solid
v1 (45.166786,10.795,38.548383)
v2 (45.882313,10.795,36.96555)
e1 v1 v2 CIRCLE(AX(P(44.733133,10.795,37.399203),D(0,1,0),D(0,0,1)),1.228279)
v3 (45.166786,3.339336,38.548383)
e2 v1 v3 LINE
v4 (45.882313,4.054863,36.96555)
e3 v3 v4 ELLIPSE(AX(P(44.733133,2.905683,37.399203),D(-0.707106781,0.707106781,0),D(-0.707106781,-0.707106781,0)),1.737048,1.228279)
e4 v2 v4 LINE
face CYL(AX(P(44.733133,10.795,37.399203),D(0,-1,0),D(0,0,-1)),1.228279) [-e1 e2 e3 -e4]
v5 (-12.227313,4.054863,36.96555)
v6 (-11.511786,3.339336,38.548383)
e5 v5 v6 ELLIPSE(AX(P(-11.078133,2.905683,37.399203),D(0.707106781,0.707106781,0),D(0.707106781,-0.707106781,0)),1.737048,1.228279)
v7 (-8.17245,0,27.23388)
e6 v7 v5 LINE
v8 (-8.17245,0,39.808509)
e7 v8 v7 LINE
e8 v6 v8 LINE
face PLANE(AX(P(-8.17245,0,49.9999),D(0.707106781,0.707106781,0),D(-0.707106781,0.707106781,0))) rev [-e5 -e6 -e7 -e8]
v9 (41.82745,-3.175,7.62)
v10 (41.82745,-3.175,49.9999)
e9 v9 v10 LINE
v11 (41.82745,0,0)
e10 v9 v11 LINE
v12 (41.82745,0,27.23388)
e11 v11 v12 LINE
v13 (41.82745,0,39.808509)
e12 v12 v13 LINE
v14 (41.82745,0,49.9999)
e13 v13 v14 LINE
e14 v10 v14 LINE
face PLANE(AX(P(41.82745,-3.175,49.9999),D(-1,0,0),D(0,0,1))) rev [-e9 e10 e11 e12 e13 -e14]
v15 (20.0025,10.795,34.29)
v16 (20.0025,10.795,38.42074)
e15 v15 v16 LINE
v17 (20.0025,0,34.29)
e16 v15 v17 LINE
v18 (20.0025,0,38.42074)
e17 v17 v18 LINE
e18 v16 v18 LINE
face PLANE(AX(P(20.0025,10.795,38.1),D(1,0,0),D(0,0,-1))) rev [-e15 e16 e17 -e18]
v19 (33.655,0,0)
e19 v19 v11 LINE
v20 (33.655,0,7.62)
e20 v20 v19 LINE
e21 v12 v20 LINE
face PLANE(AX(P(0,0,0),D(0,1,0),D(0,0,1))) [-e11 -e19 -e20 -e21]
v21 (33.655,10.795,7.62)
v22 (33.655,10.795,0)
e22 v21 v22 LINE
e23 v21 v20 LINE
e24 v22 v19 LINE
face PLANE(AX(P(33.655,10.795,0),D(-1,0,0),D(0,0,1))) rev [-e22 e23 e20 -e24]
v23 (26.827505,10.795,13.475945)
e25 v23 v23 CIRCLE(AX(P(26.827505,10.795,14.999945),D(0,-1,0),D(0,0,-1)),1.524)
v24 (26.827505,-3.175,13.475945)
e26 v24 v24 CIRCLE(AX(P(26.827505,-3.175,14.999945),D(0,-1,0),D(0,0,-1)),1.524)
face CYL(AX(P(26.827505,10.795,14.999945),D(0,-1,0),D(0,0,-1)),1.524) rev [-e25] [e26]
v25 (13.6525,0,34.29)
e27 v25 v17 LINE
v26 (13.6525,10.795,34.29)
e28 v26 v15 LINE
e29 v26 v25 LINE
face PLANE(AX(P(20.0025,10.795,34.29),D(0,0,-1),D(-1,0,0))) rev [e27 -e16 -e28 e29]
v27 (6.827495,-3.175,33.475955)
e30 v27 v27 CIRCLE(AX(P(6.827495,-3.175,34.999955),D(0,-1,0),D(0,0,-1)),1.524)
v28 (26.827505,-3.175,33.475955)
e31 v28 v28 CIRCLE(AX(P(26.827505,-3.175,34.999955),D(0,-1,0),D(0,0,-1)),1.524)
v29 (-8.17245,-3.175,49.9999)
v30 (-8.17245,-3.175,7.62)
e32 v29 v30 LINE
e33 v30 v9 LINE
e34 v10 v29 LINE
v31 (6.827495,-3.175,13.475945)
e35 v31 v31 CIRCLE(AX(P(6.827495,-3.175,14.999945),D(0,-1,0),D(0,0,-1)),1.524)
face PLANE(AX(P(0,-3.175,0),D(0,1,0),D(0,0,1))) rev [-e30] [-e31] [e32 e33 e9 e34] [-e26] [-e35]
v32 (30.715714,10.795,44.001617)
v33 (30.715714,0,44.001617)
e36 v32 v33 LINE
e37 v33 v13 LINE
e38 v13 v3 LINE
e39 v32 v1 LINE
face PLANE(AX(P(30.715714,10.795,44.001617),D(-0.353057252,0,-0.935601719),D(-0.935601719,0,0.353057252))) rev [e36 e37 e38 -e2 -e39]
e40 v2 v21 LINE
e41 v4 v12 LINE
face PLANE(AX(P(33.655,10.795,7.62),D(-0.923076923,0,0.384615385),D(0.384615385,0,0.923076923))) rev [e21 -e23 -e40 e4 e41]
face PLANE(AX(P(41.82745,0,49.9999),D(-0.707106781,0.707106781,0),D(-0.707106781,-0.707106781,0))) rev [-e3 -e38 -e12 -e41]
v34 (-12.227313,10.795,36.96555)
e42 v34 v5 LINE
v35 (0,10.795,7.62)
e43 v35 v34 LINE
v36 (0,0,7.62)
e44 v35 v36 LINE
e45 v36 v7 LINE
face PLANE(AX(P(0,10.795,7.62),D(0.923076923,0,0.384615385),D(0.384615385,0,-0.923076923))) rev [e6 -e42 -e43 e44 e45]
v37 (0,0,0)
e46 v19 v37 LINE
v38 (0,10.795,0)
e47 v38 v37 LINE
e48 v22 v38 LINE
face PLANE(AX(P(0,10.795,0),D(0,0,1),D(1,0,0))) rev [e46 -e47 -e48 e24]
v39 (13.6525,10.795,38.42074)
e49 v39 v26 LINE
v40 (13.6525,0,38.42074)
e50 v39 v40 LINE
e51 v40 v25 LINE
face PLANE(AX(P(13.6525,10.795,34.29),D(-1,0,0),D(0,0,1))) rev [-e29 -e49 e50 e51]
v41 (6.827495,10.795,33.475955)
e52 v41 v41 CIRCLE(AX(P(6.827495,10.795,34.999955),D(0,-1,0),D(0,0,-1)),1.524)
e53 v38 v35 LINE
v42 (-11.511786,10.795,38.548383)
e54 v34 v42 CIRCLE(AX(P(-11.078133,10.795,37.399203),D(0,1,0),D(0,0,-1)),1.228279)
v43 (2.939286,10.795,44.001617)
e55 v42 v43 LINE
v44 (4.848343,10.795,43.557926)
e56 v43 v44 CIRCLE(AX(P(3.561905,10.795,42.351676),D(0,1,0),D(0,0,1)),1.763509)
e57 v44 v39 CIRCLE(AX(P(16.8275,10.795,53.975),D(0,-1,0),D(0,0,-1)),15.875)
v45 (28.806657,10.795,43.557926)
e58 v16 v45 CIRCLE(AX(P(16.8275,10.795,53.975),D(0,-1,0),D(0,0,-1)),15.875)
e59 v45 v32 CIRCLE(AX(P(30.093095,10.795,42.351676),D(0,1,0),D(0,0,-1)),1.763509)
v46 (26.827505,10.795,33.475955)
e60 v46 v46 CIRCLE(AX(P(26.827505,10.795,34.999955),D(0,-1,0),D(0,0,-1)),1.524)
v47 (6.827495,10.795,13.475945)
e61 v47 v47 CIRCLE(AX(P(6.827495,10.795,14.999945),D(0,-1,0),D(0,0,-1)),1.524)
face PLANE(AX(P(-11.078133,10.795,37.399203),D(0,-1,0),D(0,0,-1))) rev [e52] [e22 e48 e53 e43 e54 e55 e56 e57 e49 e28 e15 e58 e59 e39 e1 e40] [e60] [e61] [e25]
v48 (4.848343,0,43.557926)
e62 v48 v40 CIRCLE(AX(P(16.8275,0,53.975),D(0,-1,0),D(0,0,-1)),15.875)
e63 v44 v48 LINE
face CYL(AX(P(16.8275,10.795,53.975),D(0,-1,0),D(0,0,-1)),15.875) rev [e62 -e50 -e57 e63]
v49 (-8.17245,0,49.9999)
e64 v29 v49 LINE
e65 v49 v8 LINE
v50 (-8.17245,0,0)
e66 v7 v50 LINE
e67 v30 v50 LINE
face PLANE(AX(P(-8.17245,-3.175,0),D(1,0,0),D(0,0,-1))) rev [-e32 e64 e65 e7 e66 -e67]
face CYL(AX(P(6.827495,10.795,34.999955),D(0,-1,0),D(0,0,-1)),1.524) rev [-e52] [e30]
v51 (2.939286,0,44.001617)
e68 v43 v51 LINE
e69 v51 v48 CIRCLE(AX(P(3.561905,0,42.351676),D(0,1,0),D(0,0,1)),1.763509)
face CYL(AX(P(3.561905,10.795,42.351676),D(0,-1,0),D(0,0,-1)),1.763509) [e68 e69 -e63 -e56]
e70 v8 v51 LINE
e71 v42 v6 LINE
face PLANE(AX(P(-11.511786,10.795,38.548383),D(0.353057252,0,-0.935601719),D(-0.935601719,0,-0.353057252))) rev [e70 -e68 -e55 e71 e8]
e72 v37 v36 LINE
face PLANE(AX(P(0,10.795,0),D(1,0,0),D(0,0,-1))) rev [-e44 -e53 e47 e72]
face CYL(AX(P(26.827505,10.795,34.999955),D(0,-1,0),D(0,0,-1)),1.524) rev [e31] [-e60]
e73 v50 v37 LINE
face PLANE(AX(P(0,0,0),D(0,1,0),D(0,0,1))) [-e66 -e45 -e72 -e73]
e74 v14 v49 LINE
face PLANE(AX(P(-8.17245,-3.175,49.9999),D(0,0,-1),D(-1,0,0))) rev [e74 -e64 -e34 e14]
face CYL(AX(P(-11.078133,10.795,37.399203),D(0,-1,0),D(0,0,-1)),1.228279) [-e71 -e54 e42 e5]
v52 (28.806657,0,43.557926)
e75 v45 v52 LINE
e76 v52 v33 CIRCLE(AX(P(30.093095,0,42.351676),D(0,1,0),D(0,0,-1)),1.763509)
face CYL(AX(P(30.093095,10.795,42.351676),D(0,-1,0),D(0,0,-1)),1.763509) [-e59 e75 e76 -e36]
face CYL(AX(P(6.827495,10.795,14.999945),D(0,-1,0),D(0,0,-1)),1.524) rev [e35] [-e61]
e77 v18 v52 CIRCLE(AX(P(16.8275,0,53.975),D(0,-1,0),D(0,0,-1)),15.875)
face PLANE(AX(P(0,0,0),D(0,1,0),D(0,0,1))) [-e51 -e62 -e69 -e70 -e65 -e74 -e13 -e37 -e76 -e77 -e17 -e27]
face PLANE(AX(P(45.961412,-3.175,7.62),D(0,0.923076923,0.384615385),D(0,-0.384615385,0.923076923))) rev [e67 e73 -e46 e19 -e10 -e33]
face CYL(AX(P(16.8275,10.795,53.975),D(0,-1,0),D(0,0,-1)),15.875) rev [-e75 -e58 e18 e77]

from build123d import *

# Parameters (mm, degrees)
BOSS_EXTRUDE1_DEPTH = 10.795
BOSS_EXTRUDE2_DEPTH = 3.175
CUT_EXTRUDE1_DEPTH  = 55.133861737
CUT_EXTRUDE3_DEPTH  = 50.9999
SKETCH5_R           = 1.524
CUT_EXTRUDE4_DEPTH  = 14.97


with BuildPart() as part:
    # Sketch1 → Boss-Extrude1 (new body)
    with BuildSketch(Plane(origin=(0, 0, 0), x_dir=(1, 0, 0), z_dir=(0, 1, 0))):
        with BuildLine():
            Line((0, 0), (33.655, 0))
            Line((33.655, 0), (33.655, -7.62))
            Line((33.655, -7.62), (45.882312708, -36.965550498))
            ThreePointArc((45.882312708, -36.965550498), (45.852364547, -37.905157075), (45.166785817, -38.548382711))
            Line((45.166785817, -38.548382711), (30.715714183, -44.001617289))
            ThreePointArc((30.715714183, -44.001617289), (29.6938714, -44.069401845), (28.806656699, -43.557926045))
            ThreePointArc((28.806656699, -43.557926045), (24.828111607, -40.263477877), (20.0025, -38.420740133))
            Line((20.0025, -38.420740133), (20.0025, -38.1))
            Line((20.0025, -38.1), (20.0025, -34.29))
            Line((20.0025, -34.29), (13.6525, -34.29))
            Line((13.6525, -34.29), (13.6525, -38.1))
            Line((13.6525, -38.1), (13.6525, -38.420740133))
            ThreePointArc((13.6525, -38.420740133), (8.826888393, -40.263477877), (4.848343301, -43.557926045))
            ThreePointArc((4.848343301, -43.557926045), (3.9611286, -44.069401845), (2.939285817, -44.001617289))
            Line((2.939285817, -44.001617289), (-11.511785817, -38.548382711))
            ThreePointArc((-11.511785817, -38.548382711), (-12.197364547, -37.905157075), (-12.227312708, -36.965550498))
            Line((-12.227312708, -36.965550498), (0, -7.62))
            Line((0, -7.62), (0, 0))
        make_face()
    extrude(amount=BOSS_EXTRUDE1_DEPTH)

    # Sketch2 → Boss-Extrude2 (add)
    with BuildSketch(Plane.XZ):
        Polygon((16.8275, 0), (-8.17245, 0), (-8.17245, 49.9999), (41.82745, 49.9999), (41.82745, 0), align=None)
    extrude(amount=BOSS_EXTRUDE2_DEPTH)

    # Sketch3 → Cut-Extrude1 (cut, through all)
    with BuildSketch(Plane.ZY.offset(8.17245)):
        Polygon((7.62, -3.175), (0, 0), (0, -3.175), align=None)
    extrude(amount=-CUT_EXTRUDE1_DEPTH, mode=Mode.SUBTRACT)

    # Sketch4 → Cut-Extrude3 (cut, through all)
    with BuildSketch(Plane(origin=(0, 0, 0), x_dir=(-1, 0, 0), z_dir=(0, 0, -1))):
        Polygon((-41.82745, 0), (-47.971594171, 0), (-47.971594171, 6.144144171), align=None)
        Polygon((8.17245, 0), (16.073165013, 0), (16.073165013, 7.900715013), align=None)
    extrude(amount=-CUT_EXTRUDE3_DEPTH, mode=Mode.SUBTRACT)

    # Sketch5 → Cut-Extrude4 (cut, through all)
    with BuildSketch(Plane.XZ.offset(3.175)):
        with Locations((6.8274946, 34.9999554)):
            Circle(SKETCH5_R)
        with Locations((26.8275054, 34.9999554)):
            Circle(SKETCH5_R)
        with Locations((6.8274946, 14.9999446)):
            Circle(SKETCH5_R)
        with Locations((26.8275054, 14.9999446)):
            Circle(SKETCH5_R)
    extrude(amount=-CUT_EXTRUDE4_DEPTH, mode=Mode.SUBTRACT)


solid = part.part
